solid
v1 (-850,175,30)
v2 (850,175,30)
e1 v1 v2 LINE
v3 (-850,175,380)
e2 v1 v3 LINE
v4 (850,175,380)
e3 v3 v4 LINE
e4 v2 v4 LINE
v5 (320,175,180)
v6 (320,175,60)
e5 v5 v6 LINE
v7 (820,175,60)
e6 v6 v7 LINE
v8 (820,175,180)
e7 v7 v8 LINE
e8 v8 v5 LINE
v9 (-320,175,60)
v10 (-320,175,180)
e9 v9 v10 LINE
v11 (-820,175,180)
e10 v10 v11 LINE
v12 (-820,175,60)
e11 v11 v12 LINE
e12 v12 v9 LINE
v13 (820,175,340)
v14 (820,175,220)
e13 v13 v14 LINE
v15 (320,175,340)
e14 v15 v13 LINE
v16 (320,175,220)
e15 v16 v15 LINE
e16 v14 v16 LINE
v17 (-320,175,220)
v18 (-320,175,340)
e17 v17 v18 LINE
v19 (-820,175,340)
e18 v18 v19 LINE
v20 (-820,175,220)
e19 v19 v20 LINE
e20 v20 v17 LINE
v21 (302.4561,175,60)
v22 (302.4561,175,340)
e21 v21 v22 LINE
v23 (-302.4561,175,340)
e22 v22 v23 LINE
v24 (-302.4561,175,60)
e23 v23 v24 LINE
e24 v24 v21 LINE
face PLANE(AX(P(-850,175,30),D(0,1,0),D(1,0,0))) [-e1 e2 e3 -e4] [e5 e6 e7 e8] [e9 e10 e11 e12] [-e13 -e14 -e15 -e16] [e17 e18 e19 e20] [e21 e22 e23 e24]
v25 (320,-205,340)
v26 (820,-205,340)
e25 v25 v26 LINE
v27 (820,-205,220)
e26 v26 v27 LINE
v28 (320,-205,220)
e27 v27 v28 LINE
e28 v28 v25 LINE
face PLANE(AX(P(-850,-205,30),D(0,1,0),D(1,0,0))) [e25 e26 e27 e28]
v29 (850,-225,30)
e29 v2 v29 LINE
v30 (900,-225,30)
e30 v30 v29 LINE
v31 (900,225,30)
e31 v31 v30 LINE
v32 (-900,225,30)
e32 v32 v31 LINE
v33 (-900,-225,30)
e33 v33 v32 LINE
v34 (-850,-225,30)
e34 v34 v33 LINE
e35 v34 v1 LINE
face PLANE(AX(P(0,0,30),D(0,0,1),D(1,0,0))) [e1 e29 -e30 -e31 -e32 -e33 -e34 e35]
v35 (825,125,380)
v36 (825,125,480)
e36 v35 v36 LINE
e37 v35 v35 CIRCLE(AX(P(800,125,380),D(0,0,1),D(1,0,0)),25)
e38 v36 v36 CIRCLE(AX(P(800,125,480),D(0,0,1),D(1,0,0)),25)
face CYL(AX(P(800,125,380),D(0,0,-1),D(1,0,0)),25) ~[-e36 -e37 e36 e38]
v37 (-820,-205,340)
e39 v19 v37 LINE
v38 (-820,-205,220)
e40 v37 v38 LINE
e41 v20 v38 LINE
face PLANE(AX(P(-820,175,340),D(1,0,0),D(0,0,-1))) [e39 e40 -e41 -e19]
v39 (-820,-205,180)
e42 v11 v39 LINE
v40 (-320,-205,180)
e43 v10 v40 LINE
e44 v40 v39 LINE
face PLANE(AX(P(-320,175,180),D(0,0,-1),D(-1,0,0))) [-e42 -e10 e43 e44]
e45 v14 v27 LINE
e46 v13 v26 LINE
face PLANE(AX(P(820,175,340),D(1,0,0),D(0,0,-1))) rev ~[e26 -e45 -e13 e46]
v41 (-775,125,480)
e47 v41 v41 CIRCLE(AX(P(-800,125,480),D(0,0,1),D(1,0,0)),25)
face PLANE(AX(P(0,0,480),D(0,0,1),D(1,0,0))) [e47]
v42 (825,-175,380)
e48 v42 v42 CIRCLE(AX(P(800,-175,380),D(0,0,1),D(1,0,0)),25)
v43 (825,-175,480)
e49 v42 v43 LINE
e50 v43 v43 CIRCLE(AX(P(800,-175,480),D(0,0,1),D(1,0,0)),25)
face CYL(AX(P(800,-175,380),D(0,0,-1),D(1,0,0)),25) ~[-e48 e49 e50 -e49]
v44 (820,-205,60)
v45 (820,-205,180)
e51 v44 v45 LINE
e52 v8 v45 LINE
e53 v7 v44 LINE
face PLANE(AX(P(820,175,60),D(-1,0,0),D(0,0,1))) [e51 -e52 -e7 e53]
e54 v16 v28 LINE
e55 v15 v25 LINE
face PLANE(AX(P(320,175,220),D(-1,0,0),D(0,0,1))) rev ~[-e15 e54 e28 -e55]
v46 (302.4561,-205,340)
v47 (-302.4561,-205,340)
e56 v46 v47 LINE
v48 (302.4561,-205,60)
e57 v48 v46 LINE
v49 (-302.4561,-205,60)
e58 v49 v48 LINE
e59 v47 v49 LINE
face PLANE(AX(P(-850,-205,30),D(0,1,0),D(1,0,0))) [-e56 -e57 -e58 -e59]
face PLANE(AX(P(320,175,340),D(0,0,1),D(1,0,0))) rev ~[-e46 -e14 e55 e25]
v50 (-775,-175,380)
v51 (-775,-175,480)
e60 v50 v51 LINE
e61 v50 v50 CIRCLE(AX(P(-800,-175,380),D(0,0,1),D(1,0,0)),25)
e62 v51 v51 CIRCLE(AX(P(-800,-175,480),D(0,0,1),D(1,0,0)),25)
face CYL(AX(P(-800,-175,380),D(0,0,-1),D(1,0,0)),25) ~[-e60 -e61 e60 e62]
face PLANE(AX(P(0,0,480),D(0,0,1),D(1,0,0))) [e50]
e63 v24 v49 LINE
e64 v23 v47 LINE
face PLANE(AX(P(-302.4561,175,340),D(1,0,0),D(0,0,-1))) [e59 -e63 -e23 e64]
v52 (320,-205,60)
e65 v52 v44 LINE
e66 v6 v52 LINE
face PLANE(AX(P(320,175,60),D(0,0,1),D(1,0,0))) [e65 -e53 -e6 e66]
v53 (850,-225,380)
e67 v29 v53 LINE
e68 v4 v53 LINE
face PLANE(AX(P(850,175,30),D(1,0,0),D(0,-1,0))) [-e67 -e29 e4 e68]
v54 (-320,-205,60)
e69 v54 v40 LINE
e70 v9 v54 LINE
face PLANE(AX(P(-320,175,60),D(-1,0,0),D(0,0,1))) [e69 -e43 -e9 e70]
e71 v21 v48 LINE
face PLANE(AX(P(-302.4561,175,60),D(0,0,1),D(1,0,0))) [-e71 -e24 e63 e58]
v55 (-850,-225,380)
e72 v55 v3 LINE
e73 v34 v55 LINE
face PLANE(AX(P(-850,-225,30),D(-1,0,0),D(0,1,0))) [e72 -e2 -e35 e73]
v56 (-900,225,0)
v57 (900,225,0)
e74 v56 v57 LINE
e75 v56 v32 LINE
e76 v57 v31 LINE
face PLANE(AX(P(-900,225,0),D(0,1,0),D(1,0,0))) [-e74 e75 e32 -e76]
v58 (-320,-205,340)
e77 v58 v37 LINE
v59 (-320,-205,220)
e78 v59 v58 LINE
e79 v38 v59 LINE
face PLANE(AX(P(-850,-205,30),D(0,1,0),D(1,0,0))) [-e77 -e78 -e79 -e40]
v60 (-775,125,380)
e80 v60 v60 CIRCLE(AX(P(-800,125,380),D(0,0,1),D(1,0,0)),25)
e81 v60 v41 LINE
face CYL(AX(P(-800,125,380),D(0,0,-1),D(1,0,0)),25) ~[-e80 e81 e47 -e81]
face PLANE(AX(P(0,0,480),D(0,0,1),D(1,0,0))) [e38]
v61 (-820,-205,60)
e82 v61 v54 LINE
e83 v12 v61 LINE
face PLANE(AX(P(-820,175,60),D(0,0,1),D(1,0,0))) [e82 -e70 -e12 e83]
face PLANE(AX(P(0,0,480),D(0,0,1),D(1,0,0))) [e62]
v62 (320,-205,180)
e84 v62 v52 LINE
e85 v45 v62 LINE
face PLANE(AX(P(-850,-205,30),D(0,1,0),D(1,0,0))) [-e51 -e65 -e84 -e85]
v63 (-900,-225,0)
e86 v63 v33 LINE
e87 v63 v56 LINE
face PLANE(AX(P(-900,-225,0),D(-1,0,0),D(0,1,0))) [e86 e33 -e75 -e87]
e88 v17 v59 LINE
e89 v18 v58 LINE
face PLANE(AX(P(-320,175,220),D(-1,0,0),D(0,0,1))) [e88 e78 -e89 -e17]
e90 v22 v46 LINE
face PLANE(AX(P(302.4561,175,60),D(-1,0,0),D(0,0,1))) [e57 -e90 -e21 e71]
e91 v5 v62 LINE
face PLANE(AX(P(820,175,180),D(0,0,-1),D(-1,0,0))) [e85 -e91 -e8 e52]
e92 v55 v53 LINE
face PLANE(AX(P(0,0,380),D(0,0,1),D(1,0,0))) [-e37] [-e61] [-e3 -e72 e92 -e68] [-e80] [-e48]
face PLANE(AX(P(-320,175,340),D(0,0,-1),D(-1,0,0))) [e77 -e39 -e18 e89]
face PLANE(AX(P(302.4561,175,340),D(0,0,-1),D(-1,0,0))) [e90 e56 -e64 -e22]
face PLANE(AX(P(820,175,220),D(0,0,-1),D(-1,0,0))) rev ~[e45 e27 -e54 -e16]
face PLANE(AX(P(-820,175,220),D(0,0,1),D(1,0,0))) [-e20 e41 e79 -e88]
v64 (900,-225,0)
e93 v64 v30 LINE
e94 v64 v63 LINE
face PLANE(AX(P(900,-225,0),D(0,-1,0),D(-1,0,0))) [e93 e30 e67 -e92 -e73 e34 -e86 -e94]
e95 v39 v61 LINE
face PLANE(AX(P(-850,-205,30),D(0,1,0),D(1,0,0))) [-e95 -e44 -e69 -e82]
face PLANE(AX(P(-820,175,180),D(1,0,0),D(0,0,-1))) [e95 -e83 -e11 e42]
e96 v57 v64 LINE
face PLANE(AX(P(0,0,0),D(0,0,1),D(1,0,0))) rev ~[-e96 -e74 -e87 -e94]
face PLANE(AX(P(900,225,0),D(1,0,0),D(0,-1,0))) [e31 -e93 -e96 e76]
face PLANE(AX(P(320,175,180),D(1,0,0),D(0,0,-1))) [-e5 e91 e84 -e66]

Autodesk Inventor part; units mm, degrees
ref_plane "YZ Plane" through (0, 0, 0) normal (1, 0, 0) x (0, 1, 0)
ref_plane "XZ Plane" through (0, 0, 0) normal (0, 1, 0) x (-1, 0, 0)
ref_plane "XY Plane" through (0, 0, 0) normal (0, 0, 1) x (1, 0, 0)
sketch "스케치1" plane through (0, 0, 0) normal (0, 0, 1) x (1, 0, 0)
  line L0 (900, -225) -> (-900, -225)
  line L1 (-900, -225) -> (-900, 225)
  line L2 (-900, 225) -> (900, 225)
  line L3 (900, 225) -> (900, -225)
  line L4 (900, -225) -> (-900, 225) construction
  line L5 (-900, -225) -> (900, 225) construction
  point P0 (0, 0)
  dimension "d0" = 1800
  dimension "d1" = 450
extrude "돌출1" add sketch "스케치1" along normal blind 30
sketch "스케치2" plane through (0, 0, 30) normal (0, 0, 1) x (1, 0, 0)
  line L0 (-900, -225) -> (900, -225) projected
  line L1 (-850, 175) -> (850, 175)
  line L2 (850, 175) -> (850, -225)
  line L3 (850, -225) -> (-850, -225)
  line L4 (-850, -225) -> (-850, 175)
  line L5 (900, 225) -> (-900, 225) projected
  line L6 (-900, 225) -> (-900, -225) projected
  line L7 (900, -225) -> (900, 225) projected
  point P0 (0, 0)
  dimension "d4" = 50
  dimension "d5" = 50
  dimension "d6" = 50
extrude "돌출2" add sketch "스케치2" along normal blind 350 contours L4 L1 L2 L0
sketch "스케치3" plane through (-850, 175, 30) normal (0, 1, 0) x (1, 0, 0)
  line L0 (0, 0) -> (1700, 0) construction
  line L1 (850, 0) -> (850, -673.9117) construction
  line L2 (30, -30) -> (530, -30)
  line L3 (530, -30) -> (530, -150)
  line L4 (530, -150) -> (30, -150)
  line L5 (30, -150) -> (30, -30)
  line L6 (0, 0) -> (0, -350) projected
  line L7 (1170, -30) -> (1670, -30)
  line L8 (1670, -30) -> (1670, -150)
  line L9 (1670, -150) -> (1170, -150)
  line L10 (1170, -150) -> (1170, -30)
  line L11 (1700, 0) -> (1700, -350) projected
  line L12 (30, -190) -> (530, -190)
  line L13 (530, -190) -> (530, -310)
  line L14 (530, -310) -> (30, -310)
  line L15 (30, -310) -> (30, -190)
  line L16 (1670, -190) -> (1170, -190)
  line L17 (1170, -190) -> (1170, -310)
  line L18 (1170, -310) -> (1670, -310)
  line L19 (1670, -310) -> (1670, -190)
  point P0 (850, 30)
  dimension "d9" = 120
  dimension "d10" = 30
  dimension "d11" = 120
  dimension "d12" = 30
  dimension "d13" = 500
  dimension "d14" = 500
  dimension "d15" = 120
  dimension "d16" = 40
  dimension "d17" = 30
  dimension "d18" = 30
extrude "돌출3" cut sketch "스케치3" against normal blind 380
sketch "스케치4" plane through (-850, 175, 30) normal (0, 1, 0) x (1, 0, 0)
  line L0 (850, 30) -> (850, -738.9352) construction
  line L1 (1152.4561, -310) -> (547.5439, -310)
  line L2 (547.5439, -310) -> (547.5439, -30)
  line L3 (547.5439, -30) -> (1152.4561, -30)
  line L4 (1152.4561, -30) -> (1152.4561, -310)
  line L5 (1152.4561, -310) -> (547.5439, -30) construction
  line L6 (547.5439, -310) -> (1152.4561, -30) construction
  line L7 (30, -30) -> (530, -30) projected
  line L8 (530, -310) -> (30, -310) projected
  point P0 (850, -170)
  dimension "d21" = 0
  dimension "d22" = 0
extrude "돌출4" cut sketch "스케치4" against normal blind 380
sketch "스케치5" plane through (0, 0, 380) normal (0, 0, 1) x (1, 0, 0)
  line L0 (-800, 125) -> (800, 125) construction
  line L1 (800, 125) -> (800, -175) construction
  line L2 (800, -175) -> (-800, -175) construction
  line L3 (-800, -175) -> (-800, 125) construction
  line L4 (850, 175) -> (-850, 175) projected
  line L5 (-850, -225) -> (850, -225) projected
  line L6 (850, -225) -> (850, 175) projected
  line L7 (-850, 175) -> (-850, -225) projected
  circle A0 centre (-800, 125) radius 25
  circle A1 centre (800, 125) radius 25
  circle A2 centre (800, -175) radius 25
  circle A3 centre (-800, -175) radius 25
  point P0 (0, 0)
  dimension "d26" = 50
  dimension "d27" = 50
  dimension "d28" = 50
  dimension "d29" = 50
  dimension "d30" = 50
  dimension "d31" = 50
  dimension "d32" = 50
  dimension "d33" = 50
extrude "돌출5" add sketch "스케치5" along normal blind 100 contours A0 | A1 | A2 | A3
properties part number "240531_3Dstorage"
